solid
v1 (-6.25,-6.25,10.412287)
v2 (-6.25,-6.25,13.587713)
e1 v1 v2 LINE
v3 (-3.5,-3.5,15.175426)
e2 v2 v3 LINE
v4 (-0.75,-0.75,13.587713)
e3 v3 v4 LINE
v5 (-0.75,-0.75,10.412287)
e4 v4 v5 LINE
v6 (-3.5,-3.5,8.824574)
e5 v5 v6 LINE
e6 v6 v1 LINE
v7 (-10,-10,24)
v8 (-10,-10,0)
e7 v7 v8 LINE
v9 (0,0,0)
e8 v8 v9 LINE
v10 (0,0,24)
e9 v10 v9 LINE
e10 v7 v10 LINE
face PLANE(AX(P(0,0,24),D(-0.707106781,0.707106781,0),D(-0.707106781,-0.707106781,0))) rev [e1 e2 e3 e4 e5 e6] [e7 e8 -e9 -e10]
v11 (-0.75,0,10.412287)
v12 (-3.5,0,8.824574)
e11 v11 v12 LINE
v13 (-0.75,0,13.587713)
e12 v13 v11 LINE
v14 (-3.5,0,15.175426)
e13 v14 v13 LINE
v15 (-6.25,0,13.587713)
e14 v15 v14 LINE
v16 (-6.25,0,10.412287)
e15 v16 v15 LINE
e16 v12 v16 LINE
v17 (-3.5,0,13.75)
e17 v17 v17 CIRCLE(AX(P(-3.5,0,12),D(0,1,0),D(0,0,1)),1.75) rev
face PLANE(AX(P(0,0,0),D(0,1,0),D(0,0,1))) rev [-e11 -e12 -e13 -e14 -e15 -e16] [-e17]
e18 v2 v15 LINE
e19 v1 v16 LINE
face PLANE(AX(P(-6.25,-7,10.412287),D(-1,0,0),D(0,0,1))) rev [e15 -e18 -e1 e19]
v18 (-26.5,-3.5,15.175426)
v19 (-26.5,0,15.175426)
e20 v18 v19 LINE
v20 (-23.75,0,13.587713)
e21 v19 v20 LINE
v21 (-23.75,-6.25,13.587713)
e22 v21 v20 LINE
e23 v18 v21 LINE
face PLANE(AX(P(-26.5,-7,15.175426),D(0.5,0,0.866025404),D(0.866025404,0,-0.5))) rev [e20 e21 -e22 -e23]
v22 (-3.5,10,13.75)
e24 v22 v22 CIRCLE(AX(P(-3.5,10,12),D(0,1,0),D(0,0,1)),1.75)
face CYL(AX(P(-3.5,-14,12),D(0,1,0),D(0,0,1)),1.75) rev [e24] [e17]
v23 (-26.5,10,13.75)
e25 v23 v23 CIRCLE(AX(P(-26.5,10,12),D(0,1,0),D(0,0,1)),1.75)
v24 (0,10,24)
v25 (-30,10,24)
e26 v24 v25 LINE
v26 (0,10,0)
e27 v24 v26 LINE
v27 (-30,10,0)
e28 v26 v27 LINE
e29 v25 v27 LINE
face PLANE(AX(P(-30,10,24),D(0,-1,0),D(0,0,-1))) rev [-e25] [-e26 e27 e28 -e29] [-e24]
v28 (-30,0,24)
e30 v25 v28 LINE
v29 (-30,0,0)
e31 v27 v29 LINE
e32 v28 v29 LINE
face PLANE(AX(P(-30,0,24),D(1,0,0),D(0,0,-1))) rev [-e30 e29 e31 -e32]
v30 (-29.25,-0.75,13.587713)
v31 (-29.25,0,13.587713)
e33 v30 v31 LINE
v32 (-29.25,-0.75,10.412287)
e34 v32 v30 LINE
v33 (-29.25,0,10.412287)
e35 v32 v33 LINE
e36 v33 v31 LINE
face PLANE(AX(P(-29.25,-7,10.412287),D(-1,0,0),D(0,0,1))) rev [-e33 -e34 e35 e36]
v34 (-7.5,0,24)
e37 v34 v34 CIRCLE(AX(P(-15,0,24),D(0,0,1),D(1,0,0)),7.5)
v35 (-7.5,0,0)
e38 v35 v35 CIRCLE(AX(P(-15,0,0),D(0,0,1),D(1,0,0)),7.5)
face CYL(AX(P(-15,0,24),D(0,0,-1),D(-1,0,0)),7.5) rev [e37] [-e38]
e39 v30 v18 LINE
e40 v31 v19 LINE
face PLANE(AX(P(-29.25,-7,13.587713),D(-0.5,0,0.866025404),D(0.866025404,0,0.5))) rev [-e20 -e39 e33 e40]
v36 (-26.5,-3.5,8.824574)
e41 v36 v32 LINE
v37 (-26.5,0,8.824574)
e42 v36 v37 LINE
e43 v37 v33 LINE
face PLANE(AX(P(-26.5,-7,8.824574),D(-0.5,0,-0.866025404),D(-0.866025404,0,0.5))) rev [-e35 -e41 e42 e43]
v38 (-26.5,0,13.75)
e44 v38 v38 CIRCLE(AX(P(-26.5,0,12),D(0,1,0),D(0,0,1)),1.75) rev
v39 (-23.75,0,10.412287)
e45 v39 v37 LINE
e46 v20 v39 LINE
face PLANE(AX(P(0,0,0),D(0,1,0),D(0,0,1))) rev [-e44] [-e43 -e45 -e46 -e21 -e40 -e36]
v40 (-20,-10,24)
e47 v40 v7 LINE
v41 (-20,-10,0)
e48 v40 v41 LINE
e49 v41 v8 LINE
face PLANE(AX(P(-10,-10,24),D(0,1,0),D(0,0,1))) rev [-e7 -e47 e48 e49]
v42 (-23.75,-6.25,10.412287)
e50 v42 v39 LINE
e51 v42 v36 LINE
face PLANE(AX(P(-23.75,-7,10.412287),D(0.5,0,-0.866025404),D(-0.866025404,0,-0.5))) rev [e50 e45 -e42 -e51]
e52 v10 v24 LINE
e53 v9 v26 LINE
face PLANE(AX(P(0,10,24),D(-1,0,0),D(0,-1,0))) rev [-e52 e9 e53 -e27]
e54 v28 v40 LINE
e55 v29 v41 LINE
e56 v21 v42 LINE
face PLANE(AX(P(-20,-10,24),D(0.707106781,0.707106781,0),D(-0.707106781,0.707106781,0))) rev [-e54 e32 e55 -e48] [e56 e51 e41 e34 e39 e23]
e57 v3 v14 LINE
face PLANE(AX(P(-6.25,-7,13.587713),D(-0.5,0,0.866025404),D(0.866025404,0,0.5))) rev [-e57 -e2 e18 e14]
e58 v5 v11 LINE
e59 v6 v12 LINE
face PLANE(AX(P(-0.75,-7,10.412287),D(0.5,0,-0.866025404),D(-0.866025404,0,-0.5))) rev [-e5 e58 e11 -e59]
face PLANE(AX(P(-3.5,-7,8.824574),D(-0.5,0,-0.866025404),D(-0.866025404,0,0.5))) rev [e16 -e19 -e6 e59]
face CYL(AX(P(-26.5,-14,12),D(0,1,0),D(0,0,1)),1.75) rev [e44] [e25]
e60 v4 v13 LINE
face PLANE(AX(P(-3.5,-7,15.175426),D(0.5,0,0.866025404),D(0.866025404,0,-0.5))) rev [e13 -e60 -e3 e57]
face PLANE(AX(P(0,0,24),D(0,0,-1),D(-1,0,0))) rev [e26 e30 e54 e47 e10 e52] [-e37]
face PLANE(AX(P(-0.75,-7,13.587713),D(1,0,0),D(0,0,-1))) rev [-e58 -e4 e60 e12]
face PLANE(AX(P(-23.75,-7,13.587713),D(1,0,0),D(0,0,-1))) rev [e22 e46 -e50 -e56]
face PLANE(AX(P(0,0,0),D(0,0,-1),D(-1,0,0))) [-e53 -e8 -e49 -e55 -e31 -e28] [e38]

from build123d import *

# Parameters (mm, degrees)
SKETCH1_R           = 7.5
BOSS_EXTRUDE1_DEPTH = 24
SKETCH2_R           = 1.75
CUT_EXTRUDE1_DEPTH  = 24
CUT_EXTRUDE2_START  = -10
CUT_EXTRUDE2_DEPTH  = 7


with BuildPart() as part:
    # Sketch1 → Boss-Extrude1 (new body)
    with BuildSketch(Plane.XY):
        Polygon((0, 10), (0, 0), (-10, -10), (-20, -10), (-30, 0), (-30, 10), align=None)
        with Locations((-15, 0)):
            Circle(SKETCH1_R, mode=Mode.SUBTRACT)
    extrude(amount=BOSS_EXTRUDE1_DEPTH)

    # Sketch2 → Cut-Extrude1 (cut)
    with BuildSketch(Plane(origin=(0, 10, 0), x_dir=(1, 0, 0), z_dir=(0, 1, 0))):
        with Locations((-26.5, -12)):
            Circle(SKETCH2_R)
        with Locations((-3.5, -12)):
            Circle(SKETCH2_R)
    extrude(amount=-CUT_EXTRUDE1_DEPTH, mode=Mode.SUBTRACT)

    # Sketch4 → Cut-Extrude2 (cut)
    with BuildSketch(Plane(origin=(0, 10, 0), x_dir=(1, 0, 0), z_dir=(0, 1, 0)).offset(CUT_EXTRUDE2_START)):
        Polygon((-3.5, -15.175426481), (-0.75, -13.58771324), (-0.75, -10.41228676), (-3.5, -8.824573519), (-6.25, -10.41228676), (-6.25, -13.58771324), align=None)
        Polygon((-26.5, -15.175426481), (-23.75, -13.58771324), (-23.75, -10.41228676), (-26.5, -8.824573519), (-29.25, -10.41228676), (-29.25, -13.58771324), align=None)
    extrude(amount=-CUT_EXTRUDE2_DEPTH, mode=Mode.SUBTRACT)


solid = part.part
